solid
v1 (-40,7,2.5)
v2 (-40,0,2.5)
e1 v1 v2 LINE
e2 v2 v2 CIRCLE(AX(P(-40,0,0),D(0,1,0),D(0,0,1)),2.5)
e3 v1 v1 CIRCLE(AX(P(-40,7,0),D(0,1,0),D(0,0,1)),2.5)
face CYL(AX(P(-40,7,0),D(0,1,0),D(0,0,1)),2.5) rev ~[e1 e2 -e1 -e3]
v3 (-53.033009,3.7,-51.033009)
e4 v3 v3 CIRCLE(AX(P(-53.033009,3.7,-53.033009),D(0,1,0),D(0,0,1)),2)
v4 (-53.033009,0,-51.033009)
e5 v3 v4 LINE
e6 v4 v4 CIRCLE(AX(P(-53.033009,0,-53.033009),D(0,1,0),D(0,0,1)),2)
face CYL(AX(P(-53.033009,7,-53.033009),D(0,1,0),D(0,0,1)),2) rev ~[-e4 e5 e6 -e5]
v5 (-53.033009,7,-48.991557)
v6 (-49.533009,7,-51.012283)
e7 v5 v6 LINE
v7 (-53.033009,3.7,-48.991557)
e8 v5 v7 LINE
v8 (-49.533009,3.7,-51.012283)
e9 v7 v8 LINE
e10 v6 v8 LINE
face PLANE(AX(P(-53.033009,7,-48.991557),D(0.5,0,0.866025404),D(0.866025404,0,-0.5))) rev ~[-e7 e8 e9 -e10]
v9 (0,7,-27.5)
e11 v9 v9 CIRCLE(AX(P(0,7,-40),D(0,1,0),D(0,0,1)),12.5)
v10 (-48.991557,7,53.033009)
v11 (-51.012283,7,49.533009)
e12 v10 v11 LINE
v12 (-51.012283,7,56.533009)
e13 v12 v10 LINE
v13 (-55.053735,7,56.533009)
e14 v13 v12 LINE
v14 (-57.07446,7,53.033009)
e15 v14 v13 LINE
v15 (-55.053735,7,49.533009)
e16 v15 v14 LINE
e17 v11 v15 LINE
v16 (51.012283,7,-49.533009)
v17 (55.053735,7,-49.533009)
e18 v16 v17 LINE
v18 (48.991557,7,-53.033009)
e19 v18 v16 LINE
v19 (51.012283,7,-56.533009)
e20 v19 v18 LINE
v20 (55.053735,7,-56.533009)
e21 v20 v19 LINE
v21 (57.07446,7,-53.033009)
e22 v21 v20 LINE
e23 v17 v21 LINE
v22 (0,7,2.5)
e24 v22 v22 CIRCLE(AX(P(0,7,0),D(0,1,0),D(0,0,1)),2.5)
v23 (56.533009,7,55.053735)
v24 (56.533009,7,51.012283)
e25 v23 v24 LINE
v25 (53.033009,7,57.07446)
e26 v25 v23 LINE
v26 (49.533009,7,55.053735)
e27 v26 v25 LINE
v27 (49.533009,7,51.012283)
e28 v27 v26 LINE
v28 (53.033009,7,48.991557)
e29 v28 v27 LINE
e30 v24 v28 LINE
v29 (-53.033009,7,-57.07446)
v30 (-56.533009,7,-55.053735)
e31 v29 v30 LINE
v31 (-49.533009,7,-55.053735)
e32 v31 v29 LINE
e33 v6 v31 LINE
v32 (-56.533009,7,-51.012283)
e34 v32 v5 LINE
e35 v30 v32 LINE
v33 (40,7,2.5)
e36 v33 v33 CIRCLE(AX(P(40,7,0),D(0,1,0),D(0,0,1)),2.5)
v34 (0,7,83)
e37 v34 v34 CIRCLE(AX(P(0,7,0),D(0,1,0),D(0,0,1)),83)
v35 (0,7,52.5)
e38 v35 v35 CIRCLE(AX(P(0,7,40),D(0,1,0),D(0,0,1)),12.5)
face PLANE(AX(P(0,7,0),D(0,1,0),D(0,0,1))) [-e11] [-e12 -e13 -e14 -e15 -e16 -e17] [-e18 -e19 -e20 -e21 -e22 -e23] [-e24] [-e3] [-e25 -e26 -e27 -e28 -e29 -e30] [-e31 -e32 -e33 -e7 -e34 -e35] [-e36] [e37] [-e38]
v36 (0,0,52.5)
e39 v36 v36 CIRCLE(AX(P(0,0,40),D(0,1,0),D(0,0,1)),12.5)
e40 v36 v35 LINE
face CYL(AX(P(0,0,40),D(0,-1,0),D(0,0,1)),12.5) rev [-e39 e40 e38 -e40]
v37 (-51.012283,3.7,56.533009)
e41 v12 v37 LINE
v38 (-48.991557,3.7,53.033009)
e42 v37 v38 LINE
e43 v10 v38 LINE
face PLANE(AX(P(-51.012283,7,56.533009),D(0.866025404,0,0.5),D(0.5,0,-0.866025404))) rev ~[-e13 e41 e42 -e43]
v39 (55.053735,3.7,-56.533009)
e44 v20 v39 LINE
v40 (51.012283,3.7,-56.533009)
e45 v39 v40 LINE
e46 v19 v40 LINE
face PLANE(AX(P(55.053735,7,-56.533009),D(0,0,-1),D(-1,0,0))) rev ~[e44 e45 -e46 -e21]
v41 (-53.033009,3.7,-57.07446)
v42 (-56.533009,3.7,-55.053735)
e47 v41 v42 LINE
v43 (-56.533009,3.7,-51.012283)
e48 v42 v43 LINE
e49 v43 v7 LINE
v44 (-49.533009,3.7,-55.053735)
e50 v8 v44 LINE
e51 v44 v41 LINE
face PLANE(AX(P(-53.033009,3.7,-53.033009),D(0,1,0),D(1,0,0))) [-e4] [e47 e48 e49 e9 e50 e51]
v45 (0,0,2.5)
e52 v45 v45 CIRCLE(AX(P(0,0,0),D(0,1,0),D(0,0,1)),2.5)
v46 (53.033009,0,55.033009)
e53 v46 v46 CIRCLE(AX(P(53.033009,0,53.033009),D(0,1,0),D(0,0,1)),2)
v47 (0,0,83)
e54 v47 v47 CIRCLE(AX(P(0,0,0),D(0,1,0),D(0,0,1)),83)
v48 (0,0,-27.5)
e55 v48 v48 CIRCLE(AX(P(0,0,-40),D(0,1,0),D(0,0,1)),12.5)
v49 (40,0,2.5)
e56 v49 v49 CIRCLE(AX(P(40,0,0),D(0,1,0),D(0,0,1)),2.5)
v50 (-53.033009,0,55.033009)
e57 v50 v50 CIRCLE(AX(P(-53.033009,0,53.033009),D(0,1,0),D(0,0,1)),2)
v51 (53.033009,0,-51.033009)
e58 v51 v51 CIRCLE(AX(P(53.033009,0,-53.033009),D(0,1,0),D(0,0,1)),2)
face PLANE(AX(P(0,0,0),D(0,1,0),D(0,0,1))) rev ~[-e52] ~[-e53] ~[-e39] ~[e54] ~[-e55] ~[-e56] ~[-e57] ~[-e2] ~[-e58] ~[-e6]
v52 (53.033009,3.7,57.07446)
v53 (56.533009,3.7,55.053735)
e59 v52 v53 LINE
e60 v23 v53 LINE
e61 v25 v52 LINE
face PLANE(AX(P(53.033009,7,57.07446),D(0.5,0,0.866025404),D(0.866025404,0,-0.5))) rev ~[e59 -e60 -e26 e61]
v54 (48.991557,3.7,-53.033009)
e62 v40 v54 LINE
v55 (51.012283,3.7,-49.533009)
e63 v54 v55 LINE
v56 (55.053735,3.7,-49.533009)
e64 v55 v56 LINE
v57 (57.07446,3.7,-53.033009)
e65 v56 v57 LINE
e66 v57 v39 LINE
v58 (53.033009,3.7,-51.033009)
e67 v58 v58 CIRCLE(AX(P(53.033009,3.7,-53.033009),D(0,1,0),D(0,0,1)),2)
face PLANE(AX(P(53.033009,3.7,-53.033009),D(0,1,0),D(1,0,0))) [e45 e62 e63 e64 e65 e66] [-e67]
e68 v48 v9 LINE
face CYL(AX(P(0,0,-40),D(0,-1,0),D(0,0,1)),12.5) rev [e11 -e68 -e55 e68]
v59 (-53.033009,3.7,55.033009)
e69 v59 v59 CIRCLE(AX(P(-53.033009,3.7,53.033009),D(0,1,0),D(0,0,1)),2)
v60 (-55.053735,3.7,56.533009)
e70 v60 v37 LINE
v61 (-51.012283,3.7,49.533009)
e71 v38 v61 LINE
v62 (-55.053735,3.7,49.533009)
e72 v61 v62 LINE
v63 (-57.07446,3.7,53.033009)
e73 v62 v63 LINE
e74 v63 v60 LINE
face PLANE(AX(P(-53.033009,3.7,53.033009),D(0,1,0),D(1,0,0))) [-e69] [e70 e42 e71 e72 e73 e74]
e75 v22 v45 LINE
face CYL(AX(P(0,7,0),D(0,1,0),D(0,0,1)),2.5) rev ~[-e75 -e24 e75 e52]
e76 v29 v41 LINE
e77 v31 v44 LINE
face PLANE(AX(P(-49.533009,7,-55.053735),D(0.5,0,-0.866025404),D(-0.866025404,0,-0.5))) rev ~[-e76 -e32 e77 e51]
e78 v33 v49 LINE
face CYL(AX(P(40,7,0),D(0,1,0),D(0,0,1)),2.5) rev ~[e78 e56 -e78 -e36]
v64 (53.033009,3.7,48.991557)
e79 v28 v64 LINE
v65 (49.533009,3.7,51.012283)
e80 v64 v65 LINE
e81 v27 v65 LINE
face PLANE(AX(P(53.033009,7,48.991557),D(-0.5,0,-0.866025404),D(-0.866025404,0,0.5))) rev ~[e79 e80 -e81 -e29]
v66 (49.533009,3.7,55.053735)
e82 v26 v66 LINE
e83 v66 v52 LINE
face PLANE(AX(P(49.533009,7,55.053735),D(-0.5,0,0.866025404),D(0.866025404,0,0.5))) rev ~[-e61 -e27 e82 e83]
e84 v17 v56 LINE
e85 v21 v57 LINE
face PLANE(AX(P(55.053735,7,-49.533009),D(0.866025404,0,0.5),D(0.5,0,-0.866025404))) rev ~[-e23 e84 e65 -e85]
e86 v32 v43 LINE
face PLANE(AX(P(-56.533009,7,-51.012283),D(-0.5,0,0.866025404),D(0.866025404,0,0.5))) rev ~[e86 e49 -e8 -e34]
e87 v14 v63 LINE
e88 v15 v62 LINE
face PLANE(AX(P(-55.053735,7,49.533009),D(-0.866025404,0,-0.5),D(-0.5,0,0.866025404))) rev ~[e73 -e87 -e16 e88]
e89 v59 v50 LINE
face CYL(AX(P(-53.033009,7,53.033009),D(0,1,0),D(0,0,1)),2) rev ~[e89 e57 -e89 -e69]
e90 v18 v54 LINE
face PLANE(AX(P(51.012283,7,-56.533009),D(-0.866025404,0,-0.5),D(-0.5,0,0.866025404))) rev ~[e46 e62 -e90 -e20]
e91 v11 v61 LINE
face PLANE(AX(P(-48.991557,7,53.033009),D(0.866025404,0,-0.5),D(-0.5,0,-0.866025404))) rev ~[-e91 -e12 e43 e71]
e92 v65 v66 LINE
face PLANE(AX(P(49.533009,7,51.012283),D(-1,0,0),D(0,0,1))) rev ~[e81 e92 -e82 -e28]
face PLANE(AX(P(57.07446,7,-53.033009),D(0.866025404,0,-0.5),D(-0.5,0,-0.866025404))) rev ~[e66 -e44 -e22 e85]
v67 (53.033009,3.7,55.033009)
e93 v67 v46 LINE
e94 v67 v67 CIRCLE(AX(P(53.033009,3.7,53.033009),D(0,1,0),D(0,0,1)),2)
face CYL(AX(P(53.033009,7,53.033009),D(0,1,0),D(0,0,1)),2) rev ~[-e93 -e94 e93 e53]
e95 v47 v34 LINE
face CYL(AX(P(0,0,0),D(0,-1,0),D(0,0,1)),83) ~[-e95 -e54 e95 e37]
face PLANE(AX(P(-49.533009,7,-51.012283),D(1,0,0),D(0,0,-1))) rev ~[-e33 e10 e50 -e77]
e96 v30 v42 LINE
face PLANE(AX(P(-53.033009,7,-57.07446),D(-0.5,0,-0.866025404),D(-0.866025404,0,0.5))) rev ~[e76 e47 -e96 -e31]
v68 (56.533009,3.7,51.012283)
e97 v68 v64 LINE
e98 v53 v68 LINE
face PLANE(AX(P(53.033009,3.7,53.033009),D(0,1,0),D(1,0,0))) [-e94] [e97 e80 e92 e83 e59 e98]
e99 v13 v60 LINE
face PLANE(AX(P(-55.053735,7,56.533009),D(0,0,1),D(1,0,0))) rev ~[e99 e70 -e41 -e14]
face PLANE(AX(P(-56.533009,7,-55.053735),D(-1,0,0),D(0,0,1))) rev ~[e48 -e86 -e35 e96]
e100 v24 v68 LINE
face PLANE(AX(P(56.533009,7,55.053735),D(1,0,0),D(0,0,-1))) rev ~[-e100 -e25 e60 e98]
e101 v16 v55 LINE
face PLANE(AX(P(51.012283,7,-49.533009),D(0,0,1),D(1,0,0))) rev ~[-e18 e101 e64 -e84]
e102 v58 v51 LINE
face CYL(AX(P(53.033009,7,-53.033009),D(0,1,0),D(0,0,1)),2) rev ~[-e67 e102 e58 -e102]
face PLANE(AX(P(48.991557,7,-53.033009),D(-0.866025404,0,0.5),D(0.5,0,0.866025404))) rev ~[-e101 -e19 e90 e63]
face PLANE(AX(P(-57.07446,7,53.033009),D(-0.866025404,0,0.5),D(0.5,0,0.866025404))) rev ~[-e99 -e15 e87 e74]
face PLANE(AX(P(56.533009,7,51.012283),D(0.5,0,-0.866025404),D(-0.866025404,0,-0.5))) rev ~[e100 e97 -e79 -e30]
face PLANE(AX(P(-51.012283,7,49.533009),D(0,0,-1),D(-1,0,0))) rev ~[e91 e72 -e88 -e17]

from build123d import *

# Parameters (mm, degrees)
SKETCH1_R           = 83
SKETCH1_R_2         = 12.5
BOSS_EXTRUDE1_DEPTH = 7
SKETCH14_R          = 2
CUT_EXTRUDE2_DEPTH  = 133
CUT_EXTRUDE3_DEPTH  = 3.3
SKETCH16_R          = 2.5
CUT_EXTRUDE4_DEPTH  = 10


with BuildPart() as part:
    # Sketch1 → Boss-Extrude1 (new body)
    with BuildSketch(Plane(origin=(0, 0, 0), x_dir=(1, 0, 0), z_dir=(0, 1, 0))):
        with Locations(Location((0, 0, 0), (0, 0, 270))):
            Circle(SKETCH1_R)
        with Locations(Location((0, 40, 0), (0, 0, 270))):
            Circle(SKETCH1_R_2, mode=Mode.SUBTRACT)
        with Locations(Location((0, -40, 0), (0, 0, 270))):
            Circle(SKETCH1_R_2, mode=Mode.SUBTRACT)
    extrude(amount=BOSS_EXTRUDE1_DEPTH)

    # Sketch14 → Cut-Extrude2 (cut)
    with BuildSketch(Plane(origin=(0, 7, 0), x_dir=(1, 0, 0), z_dir=(0, 1, 0))):
        with Locations(Location((-53.033008589, 53.033008589, 0), (0, 0, 270))):
            Circle(SKETCH14_R)
        with Locations(Location((53.033008589, 53.033008589, 0), (0, 0, 270))):
            Circle(SKETCH14_R)
        with Locations(Location((53.033008589, -53.033008589, 0), (0, 0, 270))):
            Circle(SKETCH14_R)
        with Locations(Location((-53.033008589, -53.033008589, 0), (0, 0, 270))):
            Circle(SKETCH14_R)
    extrude(amount=-CUT_EXTRUDE2_DEPTH, mode=Mode.SUBTRACT)

    # Sketch15 → Cut-Extrude3 (cut)
    with BuildSketch(Plane(origin=(0, 7, 0), x_dir=(1, 0, 0), z_dir=(0, 1, 0))):
        Polygon((-49.533008589, 55.053734531), (-53.033008589, 57.074460473), (-56.533008589, 55.053734531), (-56.533008589, 51.012282647), (-53.033008589, 48.991556705), (-49.533008589, 51.012282647), align=None)
        Polygon((55.053734531, 49.533008589), (57.074460473, 53.033008589), (55.053734531, 56.533008589), (51.012282647, 56.533008589), (48.991556705, 53.033008589), (51.012282647, 49.533008589), align=None)
        Polygon((49.533008589, -55.053734531), (53.033008589, -57.074460473), (56.533008589, -55.053734531), (56.533008589, -51.012282647), (53.033008589, -48.991556705), (49.533008589, -51.012282647), align=None)
        Polygon((-55.053734531, -49.533008589), (-57.074460473, -53.033008589), (-55.053734531, -56.533008589), (-51.012282647, -56.533008589), (-48.991556705, -53.033008589), (-51.012282647, -49.533008589), align=None)
    extrude(amount=-CUT_EXTRUDE3_DEPTH, mode=Mode.SUBTRACT)

    # Sketch16 → Cut-Extrude4 (cut)
    with BuildSketch(Plane(origin=(0, 7, 0), x_dir=(1, 0, 0), z_dir=(0, 1, 0))):
        with Locations(Location((-40, 0, 0), (0, 0, 270))):
            Circle(SKETCH16_R)
        with Locations(Location((40, 0, 0), (0, 0, 270))):
            Circle(SKETCH16_R)
        with Locations(Location((0, 0, 0), (0, 0, 270))):
            Circle(SKETCH16_R)
    extrude(amount=-CUT_EXTRUDE4_DEPTH, mode=Mode.SUBTRACT)


solid = part.part
